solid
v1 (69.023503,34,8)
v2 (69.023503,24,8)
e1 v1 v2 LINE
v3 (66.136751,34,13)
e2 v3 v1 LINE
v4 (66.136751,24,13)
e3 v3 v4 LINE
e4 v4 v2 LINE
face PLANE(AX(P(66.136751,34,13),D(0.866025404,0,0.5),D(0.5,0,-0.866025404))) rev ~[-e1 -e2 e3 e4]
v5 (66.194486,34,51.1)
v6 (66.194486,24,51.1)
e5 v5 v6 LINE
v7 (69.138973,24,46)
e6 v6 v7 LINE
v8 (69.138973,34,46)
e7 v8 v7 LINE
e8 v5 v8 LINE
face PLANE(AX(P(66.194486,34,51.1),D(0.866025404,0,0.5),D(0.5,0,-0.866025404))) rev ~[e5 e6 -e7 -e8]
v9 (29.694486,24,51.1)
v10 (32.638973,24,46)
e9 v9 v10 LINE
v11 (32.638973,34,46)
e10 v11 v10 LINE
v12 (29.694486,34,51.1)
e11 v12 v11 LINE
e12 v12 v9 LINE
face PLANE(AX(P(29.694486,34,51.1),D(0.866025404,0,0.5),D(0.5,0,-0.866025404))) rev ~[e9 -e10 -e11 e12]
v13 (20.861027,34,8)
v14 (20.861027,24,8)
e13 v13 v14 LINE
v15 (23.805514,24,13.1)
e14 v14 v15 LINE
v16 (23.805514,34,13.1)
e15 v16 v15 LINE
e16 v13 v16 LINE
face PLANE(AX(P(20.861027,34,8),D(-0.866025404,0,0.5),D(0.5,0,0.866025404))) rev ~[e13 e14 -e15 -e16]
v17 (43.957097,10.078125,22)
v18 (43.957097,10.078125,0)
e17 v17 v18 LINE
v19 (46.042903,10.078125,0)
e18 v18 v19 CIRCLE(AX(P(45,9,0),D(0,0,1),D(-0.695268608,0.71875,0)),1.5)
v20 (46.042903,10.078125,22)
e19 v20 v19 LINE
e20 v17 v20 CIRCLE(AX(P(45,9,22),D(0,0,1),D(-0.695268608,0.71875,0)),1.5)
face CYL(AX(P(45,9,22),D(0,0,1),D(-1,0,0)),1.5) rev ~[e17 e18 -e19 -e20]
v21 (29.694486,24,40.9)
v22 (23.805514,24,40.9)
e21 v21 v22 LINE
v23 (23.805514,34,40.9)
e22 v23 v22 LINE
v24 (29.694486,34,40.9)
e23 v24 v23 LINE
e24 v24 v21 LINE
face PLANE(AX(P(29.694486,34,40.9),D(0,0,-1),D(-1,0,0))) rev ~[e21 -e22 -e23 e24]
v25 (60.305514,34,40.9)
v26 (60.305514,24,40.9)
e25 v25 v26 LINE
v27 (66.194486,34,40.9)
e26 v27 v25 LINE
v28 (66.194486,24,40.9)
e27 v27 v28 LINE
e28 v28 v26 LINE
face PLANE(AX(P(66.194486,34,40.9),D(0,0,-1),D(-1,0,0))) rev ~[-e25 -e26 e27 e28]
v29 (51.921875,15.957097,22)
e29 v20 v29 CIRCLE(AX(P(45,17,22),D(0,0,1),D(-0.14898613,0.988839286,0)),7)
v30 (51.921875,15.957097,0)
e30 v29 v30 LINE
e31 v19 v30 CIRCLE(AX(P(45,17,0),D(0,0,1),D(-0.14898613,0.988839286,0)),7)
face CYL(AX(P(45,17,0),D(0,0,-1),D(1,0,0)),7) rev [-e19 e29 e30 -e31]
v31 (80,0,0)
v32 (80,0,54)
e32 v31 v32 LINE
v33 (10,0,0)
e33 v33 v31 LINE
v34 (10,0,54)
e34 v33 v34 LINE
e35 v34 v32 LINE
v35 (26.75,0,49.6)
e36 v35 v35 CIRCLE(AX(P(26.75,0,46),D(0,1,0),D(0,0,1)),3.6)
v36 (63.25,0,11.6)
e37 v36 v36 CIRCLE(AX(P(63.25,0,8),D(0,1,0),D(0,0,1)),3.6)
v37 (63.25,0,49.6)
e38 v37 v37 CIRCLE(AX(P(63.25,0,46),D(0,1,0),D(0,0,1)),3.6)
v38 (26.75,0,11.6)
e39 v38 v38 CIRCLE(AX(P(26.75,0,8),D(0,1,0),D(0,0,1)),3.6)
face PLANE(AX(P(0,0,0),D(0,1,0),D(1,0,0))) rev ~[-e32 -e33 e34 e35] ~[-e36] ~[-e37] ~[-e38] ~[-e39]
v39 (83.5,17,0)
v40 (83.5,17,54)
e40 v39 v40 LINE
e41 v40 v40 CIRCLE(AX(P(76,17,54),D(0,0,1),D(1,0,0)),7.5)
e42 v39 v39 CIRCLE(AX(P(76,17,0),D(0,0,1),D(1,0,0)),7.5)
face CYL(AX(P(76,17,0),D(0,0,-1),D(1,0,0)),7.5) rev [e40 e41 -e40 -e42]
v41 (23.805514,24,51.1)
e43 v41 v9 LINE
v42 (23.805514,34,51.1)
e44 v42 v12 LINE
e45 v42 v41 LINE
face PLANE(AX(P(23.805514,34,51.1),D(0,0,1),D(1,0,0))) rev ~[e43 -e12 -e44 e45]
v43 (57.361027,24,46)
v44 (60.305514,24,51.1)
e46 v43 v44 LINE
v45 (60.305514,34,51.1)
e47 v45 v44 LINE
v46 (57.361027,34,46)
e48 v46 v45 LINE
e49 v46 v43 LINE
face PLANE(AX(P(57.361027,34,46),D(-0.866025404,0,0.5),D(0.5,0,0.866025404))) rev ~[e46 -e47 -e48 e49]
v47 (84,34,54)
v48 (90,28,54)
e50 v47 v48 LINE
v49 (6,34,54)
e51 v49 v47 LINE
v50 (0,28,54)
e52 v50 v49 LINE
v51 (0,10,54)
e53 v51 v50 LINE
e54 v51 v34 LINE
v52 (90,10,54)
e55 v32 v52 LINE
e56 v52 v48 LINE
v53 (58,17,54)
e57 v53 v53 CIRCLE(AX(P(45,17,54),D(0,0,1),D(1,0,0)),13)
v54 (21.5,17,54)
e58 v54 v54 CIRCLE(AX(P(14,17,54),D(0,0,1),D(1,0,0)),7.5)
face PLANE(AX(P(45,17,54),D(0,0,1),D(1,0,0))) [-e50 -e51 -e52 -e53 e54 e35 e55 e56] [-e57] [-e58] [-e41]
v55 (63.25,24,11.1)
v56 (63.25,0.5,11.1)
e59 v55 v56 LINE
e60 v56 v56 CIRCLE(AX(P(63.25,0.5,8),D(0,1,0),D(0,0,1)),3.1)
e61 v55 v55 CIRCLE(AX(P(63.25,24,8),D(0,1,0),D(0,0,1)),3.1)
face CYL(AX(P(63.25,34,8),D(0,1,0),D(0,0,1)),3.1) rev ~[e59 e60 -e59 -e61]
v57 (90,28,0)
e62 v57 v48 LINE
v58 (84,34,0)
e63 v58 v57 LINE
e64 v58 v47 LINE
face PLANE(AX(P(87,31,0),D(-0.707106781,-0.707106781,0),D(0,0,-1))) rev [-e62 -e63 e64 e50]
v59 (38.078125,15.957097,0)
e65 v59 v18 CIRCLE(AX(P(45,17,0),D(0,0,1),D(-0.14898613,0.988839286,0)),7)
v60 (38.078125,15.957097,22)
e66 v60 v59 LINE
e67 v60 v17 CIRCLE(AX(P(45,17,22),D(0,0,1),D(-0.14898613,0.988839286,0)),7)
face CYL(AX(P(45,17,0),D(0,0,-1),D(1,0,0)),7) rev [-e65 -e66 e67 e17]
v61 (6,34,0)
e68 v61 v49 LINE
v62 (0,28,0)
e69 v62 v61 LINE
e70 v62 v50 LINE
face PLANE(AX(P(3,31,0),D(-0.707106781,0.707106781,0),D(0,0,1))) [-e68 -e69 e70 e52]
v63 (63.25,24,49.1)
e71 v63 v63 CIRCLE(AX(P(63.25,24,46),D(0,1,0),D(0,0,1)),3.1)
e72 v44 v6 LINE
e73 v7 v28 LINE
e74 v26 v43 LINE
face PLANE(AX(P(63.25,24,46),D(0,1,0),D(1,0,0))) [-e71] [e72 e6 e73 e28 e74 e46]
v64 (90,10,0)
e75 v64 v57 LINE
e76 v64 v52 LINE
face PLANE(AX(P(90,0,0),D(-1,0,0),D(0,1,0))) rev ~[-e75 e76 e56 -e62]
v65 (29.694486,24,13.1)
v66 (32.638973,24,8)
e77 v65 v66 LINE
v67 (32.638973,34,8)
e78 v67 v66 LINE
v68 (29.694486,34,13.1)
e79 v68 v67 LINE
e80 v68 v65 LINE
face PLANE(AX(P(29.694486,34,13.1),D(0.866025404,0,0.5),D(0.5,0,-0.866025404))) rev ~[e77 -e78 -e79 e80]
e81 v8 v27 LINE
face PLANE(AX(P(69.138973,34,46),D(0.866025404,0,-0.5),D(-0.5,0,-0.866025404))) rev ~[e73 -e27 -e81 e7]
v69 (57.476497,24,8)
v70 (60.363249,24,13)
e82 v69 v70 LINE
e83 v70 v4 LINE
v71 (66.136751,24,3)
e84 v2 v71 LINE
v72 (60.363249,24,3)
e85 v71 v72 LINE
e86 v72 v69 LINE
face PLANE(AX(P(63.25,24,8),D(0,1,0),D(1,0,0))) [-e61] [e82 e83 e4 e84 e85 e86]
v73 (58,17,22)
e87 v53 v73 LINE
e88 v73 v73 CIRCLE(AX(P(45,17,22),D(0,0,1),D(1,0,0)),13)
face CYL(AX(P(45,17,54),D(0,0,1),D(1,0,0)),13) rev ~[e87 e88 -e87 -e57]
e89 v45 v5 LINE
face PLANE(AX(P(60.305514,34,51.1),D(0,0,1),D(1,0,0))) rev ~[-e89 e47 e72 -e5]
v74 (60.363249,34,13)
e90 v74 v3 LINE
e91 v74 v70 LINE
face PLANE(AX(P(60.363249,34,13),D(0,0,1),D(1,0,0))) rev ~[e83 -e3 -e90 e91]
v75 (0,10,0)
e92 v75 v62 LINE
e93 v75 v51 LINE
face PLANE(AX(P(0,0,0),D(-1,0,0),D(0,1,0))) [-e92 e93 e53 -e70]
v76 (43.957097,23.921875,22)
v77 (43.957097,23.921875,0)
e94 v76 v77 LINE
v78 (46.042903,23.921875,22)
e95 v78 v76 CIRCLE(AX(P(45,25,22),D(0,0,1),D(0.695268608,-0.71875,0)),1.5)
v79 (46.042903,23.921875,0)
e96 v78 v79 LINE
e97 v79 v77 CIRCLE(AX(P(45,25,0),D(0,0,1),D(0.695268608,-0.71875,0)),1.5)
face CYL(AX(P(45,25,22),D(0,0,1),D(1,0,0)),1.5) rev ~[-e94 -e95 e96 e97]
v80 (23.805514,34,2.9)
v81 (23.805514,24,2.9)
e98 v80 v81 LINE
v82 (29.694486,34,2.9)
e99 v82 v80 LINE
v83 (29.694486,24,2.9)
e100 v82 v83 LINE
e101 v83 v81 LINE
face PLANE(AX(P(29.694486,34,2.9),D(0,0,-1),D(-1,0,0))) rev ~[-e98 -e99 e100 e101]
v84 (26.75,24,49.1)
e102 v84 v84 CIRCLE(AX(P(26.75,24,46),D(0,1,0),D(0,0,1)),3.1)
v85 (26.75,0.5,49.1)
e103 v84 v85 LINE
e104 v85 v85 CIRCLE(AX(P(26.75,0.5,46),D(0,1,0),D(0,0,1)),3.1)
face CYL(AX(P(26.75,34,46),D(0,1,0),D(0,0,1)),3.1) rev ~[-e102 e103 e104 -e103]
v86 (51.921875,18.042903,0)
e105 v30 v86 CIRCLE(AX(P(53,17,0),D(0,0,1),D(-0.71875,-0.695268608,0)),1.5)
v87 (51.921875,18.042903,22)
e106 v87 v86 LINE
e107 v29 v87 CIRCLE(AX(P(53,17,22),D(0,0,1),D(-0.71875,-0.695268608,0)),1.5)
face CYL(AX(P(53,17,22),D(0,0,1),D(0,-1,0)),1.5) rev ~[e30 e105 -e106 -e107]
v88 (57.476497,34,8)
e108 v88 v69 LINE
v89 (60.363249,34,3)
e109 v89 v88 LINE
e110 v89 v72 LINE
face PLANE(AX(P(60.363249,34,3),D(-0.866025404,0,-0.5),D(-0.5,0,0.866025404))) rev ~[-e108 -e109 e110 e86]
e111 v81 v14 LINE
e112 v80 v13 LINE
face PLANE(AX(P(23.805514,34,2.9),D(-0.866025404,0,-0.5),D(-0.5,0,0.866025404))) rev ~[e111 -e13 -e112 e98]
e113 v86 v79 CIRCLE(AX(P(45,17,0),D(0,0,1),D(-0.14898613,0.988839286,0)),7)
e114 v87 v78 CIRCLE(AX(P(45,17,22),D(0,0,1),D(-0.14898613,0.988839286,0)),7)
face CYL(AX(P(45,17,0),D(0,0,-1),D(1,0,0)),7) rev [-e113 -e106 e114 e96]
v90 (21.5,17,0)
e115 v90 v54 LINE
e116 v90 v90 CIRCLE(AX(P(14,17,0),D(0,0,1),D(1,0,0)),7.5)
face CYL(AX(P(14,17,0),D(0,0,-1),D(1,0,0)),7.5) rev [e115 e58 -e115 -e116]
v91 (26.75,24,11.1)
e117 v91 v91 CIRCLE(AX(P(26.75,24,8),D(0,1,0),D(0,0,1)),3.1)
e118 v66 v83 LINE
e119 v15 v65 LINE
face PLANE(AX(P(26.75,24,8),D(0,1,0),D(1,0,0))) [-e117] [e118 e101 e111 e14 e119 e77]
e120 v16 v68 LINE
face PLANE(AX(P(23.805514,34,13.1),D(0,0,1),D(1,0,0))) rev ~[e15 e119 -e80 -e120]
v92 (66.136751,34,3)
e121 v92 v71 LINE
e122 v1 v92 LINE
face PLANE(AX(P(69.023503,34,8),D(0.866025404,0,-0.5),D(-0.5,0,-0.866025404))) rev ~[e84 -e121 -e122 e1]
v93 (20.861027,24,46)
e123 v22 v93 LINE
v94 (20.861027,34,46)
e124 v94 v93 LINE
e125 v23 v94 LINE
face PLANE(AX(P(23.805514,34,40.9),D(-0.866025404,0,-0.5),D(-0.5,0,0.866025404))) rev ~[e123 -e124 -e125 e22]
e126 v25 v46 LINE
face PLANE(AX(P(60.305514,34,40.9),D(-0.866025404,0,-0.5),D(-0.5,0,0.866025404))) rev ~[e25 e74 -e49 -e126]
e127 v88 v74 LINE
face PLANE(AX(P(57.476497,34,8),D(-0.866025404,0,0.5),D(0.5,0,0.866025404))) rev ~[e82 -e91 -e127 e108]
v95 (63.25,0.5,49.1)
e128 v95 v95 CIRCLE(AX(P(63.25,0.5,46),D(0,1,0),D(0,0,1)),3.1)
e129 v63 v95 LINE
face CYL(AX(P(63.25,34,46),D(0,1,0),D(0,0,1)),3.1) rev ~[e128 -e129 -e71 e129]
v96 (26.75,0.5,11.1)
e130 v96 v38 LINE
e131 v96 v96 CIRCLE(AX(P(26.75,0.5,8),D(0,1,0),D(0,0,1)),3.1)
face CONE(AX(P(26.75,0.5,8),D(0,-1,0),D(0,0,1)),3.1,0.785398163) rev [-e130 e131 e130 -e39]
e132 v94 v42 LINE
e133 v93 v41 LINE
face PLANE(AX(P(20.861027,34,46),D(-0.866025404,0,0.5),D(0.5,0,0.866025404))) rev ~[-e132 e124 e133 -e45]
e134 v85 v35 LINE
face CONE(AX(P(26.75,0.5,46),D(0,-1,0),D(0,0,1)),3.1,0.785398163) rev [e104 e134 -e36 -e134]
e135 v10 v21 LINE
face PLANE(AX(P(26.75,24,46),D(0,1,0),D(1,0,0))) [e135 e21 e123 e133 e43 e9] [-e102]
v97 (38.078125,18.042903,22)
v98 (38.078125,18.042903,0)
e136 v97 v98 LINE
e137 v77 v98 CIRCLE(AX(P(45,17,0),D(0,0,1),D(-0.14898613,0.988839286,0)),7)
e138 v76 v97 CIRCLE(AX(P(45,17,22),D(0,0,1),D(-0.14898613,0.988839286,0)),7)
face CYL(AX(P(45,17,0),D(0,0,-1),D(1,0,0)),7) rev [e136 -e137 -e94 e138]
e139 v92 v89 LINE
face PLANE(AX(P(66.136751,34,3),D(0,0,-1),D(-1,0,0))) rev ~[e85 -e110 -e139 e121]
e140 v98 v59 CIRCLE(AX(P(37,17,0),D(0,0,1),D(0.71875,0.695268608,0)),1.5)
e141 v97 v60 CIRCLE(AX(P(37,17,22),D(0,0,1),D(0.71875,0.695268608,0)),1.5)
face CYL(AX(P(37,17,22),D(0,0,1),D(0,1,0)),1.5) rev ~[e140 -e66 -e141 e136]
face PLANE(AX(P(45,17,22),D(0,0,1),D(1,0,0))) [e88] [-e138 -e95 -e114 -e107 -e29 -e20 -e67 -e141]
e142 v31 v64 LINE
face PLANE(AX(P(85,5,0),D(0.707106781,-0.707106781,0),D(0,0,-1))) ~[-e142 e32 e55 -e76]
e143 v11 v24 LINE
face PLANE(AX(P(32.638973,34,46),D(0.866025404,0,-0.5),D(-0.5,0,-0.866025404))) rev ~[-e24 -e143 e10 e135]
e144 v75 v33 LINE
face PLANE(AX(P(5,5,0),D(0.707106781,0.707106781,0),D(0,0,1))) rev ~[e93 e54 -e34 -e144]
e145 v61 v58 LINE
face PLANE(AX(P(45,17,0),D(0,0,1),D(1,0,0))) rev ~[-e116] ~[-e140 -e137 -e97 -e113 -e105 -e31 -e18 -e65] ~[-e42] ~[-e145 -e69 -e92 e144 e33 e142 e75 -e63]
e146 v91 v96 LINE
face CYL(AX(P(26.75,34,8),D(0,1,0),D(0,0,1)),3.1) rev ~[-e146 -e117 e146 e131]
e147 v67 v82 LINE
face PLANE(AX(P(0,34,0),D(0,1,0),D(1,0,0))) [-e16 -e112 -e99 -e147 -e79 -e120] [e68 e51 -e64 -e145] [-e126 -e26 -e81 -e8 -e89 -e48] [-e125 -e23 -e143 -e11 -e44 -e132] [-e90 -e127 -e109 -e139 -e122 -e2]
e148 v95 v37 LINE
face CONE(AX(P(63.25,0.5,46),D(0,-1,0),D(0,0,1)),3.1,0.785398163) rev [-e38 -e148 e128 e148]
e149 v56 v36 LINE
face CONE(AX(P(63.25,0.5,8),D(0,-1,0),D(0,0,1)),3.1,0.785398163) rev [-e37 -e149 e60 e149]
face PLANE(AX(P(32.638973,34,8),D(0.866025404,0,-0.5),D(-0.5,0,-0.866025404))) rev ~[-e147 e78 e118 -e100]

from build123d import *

# Parameters (mm, degrees)
SKETCH1_W           = 90
SKETCH1_H           = 34
SKETCH1_R           = 7
SKETCH1_R_2         = 7.5
BOSS_EXTRUDE1_DEPTH = 54
CHAMFER1_SIZE       = 6
CHAMFER2_SIZE       = 10
SKETCH2_R           = 13
CUT_EXTRUDE1_DEPTH  = 32
SKETCH3_R           = 3.1
CUT_EXTRUDE2_DEPTH  = 111.326787318
CUT_EXTRUDE3_DEPTH  = 10
SKETCH5_R           = 1.5
CUT_EXTRUDE4_DEPTH  = 102.390334845
CIRPATTERN1_COUNT   = 4
CHAMFER3_SIZE       = 0.5


with BuildPart() as part:
    # Sketch1 → Boss-Extrude1 (new body)
    with BuildSketch(Plane.XY):
        with Locations((45, 17)):
            Rectangle(SKETCH1_W, SKETCH1_H)
        with Locations((45, 17)):
            Circle(SKETCH1_R, mode=Mode.SUBTRACT)
        with Locations((14, 17)):
            Circle(SKETCH1_R_2, mode=Mode.SUBTRACT)
        with Locations((76, 17)):
            Circle(SKETCH1_R_2, mode=Mode.SUBTRACT)
    extrude(amount=BOSS_EXTRUDE1_DEPTH)

    # Chamfer1
    chamfer1_edges = [part.edges().sort_by_distance(p)[0] for p in [
        (0, 34, 27),
        (90, 34, 27),
    ]]
    chamfer(chamfer1_edges, length=CHAMFER1_SIZE)

    # Chamfer2
    chamfer2_edges = [part.edges().sort_by_distance(p)[0] for p in [
        (90, 0, 27),
        (0, 0, 27),
    ]]
    chamfer(chamfer2_edges, length=CHAMFER2_SIZE)

    # Sketch2 → Cut-Extrude1 (cut)
    with BuildSketch(Plane.XY.offset(54)):
        with Locations((45, 17)):
            Circle(SKETCH2_R)
    extrude(amount=-CUT_EXTRUDE1_DEPTH, mode=Mode.SUBTRACT)

    # Sketch3 → Cut-Extrude2 (cut, through all)
    with BuildSketch(Plane(origin=(0, 34, 0), x_dir=(1, 0, 0), z_dir=(0, 1, 0))):
        with Locations(Location((26.75, -8, 0), (0, 0, 270))):
            Circle(SKETCH3_R)
        with Locations(Location((63.25, -8, 0), (0, 0, 270))):
            Circle(SKETCH3_R)
        with Locations(Location((63.25, -46, 0), (0, 0, 270))):
            Circle(SKETCH3_R)
        with Locations(Location((26.75, -46, 0), (0, 0, 270))):
            Circle(SKETCH3_R)
    extrude(amount=-CUT_EXTRUDE2_DEPTH, mode=Mode.SUBTRACT)

    # Sketch4 → Cut-Extrude3 (cut)
    with BuildSketch(Plane(origin=(0, 34, 0), x_dir=(1, 0, 0), z_dir=(0, 1, 0))):
        Polygon((23.805513627, -13.1), (29.694486373, -13.1), (32.638972746, -8), (29.694486373, -2.9), (23.805513627, -2.9), (20.861027254, -8), align=None)
        Polygon((60.363248654, -13), (66.136751346, -13), (69.023502692, -8), (66.136751346, -3), (60.363248654, -3), (57.476497308, -8), align=None)
        Polygon((60.305513627, -51.1), (66.194486373, -51.1), (69.138972746, -46), (66.194486373, -40.9), (60.305513627, -40.9), (57.361027254, -46), align=None)
        Polygon((29.694486373, -51.1), (32.638972746, -46), (29.694486373, -40.9), (23.805513627, -40.9), (20.861027254, -46), (23.805513627, -51.1), align=None)
    extrude(amount=-CUT_EXTRUDE3_DEPTH, mode=Mode.SUBTRACT)

    # Sketch5 → Cut-Extrude4 (cut, through all)
    with BuildSketch(Plane.XY.offset(22)):
        with Locations((45, 25)):
            Circle(SKETCH5_R)
    cut_extrude4 = extrude(amount=-CUT_EXTRUDE4_DEPTH, mode=Mode.SUBTRACT)

    # CirPattern1: Cut-Extrude4 ×4 about axis
    cirpattern1_axis = Axis((45, 17, 0), (0, 0, 1))
    for i in range(1, CIRPATTERN1_COUNT):
        add(cut_extrude4.rotate(cirpattern1_axis, i * 360 / CIRPATTERN1_COUNT), mode=Mode.SUBTRACT)

    # Chamfer3
    chamfer3_edges = [part.edges().sort_by_distance(p)[0] for p in [
        (26.75, 0, 42.9),
        (63.25, 0, 42.9),
        (63.25, 0, 4.9),
        (26.75, 0, 4.9),
    ]]
    chamfer(chamfer3_edges, length=CHAMFER3_SIZE)


solid = part.part
